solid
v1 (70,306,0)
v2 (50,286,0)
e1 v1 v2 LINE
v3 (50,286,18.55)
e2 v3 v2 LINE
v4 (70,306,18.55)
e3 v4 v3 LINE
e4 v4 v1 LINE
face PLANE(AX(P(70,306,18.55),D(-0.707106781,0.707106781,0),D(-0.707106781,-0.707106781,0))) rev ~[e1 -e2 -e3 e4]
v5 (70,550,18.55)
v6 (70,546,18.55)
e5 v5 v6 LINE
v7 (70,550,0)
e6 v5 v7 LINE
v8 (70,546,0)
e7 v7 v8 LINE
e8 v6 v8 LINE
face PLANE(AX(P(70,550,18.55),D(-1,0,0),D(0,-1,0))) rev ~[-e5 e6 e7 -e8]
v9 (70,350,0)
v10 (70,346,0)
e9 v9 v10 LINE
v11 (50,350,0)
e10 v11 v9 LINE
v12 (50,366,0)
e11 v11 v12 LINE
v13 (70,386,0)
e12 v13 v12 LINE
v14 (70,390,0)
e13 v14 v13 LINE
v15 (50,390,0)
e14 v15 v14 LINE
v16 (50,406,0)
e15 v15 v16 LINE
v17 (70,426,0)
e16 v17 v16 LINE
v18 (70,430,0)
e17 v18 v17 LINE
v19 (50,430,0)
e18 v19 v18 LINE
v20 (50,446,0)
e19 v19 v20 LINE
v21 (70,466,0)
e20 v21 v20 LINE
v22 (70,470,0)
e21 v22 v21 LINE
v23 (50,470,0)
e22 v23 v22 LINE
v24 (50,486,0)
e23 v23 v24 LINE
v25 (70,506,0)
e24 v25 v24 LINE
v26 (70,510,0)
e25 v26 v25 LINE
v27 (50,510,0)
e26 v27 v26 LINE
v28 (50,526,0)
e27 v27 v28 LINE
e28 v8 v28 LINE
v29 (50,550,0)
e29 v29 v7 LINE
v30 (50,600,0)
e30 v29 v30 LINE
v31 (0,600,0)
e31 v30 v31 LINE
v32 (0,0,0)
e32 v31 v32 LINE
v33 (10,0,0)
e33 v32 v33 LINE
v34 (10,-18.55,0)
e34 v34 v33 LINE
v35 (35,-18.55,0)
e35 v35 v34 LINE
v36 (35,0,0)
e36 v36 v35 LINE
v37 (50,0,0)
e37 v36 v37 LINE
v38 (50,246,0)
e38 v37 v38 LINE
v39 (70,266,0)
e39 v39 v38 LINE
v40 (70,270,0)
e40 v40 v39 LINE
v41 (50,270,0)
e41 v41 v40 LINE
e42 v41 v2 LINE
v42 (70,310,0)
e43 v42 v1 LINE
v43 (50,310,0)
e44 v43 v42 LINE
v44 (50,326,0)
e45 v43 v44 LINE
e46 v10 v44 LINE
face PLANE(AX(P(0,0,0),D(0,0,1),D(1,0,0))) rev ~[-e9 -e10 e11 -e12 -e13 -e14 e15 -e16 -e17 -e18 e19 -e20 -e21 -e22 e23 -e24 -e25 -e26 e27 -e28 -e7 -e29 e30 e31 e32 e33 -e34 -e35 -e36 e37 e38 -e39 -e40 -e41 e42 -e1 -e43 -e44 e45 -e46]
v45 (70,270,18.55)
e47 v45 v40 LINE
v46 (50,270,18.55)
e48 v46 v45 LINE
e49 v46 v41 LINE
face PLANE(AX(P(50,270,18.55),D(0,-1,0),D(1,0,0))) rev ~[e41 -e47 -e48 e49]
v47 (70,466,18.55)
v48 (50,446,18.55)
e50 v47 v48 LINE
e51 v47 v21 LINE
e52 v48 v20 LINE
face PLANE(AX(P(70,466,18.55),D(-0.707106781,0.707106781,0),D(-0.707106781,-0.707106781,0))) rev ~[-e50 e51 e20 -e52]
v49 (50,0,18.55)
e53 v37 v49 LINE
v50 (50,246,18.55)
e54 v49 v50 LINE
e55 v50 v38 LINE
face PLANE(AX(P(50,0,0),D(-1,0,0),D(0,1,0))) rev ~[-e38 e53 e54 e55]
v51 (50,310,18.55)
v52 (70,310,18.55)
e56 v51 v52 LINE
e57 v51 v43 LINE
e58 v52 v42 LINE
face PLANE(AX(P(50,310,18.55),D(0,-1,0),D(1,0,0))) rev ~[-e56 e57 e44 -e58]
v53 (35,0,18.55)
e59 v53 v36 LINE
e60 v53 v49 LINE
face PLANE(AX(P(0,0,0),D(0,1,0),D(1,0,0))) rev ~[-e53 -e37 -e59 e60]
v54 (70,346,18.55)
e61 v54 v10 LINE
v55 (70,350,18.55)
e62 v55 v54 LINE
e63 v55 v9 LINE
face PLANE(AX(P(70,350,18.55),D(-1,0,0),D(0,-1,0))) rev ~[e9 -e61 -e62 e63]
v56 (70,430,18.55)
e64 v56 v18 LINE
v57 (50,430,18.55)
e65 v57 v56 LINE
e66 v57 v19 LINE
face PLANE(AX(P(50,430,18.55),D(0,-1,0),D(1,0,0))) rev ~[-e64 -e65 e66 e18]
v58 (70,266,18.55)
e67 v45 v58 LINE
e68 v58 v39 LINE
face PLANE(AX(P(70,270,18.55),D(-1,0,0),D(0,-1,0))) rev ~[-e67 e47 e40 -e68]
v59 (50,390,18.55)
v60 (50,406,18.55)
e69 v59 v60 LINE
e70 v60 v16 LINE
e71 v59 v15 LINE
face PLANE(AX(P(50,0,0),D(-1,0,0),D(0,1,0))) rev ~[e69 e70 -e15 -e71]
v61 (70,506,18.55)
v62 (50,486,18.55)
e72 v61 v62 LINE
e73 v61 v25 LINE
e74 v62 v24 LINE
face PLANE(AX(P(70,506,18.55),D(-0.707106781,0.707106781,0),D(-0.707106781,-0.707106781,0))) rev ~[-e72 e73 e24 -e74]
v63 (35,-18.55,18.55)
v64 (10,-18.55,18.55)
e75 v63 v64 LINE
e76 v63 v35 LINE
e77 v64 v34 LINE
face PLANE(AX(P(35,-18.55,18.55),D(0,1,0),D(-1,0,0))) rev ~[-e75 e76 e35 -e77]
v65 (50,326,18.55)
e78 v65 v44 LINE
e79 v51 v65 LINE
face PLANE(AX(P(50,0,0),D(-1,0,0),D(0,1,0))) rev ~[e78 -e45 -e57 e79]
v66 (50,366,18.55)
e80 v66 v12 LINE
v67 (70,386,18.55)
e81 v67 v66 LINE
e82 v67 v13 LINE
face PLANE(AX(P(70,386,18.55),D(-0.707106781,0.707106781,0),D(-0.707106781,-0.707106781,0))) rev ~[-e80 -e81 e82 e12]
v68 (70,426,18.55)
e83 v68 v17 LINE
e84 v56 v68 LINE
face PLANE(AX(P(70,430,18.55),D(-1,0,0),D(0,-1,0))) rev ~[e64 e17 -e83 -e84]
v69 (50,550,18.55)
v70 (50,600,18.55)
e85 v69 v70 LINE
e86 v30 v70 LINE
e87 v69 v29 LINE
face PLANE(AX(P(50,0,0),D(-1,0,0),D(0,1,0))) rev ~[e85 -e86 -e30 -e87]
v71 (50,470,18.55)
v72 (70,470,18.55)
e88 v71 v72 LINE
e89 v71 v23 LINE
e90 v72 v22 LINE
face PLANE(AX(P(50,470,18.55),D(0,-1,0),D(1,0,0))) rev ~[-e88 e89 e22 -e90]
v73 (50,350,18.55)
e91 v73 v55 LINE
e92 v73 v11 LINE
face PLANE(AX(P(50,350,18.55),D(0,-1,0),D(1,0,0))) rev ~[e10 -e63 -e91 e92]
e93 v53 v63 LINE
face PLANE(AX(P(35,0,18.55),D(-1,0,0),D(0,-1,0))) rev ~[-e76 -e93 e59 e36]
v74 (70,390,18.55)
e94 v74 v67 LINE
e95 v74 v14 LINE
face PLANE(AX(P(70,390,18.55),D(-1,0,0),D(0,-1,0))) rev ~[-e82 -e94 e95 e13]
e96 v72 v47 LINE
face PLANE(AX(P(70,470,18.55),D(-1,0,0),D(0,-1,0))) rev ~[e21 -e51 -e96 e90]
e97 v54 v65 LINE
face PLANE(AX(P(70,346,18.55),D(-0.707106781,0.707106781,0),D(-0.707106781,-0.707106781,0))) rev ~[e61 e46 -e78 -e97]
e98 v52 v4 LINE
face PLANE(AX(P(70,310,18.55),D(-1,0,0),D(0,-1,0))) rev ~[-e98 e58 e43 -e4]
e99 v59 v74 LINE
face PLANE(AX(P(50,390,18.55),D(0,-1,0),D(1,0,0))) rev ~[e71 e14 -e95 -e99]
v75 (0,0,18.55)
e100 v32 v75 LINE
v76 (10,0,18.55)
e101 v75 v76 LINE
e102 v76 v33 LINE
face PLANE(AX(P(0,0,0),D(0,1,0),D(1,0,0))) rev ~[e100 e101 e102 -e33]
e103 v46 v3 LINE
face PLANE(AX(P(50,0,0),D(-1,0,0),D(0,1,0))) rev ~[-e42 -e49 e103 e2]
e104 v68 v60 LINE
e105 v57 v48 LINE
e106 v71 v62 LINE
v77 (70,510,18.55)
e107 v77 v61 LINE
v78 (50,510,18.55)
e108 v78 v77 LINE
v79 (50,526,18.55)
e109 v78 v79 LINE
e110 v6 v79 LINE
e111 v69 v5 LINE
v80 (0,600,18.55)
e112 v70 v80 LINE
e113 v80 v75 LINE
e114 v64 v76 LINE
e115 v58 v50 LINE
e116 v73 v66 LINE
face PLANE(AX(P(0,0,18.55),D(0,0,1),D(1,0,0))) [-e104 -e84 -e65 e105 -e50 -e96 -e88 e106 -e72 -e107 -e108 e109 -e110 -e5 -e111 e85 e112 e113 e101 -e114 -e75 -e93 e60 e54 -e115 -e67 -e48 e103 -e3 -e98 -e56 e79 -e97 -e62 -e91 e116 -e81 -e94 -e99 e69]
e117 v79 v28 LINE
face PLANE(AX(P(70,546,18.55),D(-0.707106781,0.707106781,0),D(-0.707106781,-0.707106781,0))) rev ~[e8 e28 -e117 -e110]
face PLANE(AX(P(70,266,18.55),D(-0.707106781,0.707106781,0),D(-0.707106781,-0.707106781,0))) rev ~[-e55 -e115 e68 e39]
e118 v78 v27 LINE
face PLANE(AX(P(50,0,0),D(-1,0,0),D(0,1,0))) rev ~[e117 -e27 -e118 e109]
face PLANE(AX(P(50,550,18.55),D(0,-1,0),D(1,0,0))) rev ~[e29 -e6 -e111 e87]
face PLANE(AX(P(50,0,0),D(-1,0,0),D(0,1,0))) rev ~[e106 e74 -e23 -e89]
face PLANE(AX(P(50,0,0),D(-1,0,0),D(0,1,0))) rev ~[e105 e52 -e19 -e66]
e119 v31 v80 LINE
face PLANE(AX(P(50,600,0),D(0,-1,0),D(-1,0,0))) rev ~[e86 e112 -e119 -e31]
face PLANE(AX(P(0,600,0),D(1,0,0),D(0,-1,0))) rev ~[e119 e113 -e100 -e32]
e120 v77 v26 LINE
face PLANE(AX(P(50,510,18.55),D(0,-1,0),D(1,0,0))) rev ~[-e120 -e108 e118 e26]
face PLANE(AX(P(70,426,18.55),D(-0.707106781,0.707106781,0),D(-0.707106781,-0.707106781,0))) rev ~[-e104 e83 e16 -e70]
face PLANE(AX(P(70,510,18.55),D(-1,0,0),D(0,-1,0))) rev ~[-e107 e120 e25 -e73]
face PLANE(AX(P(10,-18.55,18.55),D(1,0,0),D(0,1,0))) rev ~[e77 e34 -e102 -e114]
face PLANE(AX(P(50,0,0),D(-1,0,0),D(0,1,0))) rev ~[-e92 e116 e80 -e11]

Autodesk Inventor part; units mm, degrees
ref_plane "YZ Plane" through (0, 0, 0) normal (1, 0, 0) x (0, 1, 0)
ref_plane "XZ Plane" through (0, 0, 0) normal (0, 1, 0) x (-1, 0, 0)
ref_plane "XY Plane" through (0, 0, 0) normal (0, 0, 1) x (1, 0, 0)
sketch "Sketch1" plane through (0, 0, 0) normal (0, 0, 1) x (1, 0, 0)
  line L0 (0, 0) -> (50, 0)
  line L1 (50, 0) -> (50, 600)
  line L2 (50, 600) -> (0, 600)
  line L3 (0, 600) -> (0, 0)
  dimension "d0" = 600
  dimension "d1" = 50
extrude "Extrusion1" add sketch "Sketch1" along normal blind 18.55
sketch "Sketch2" plane through (0, 0, 18.55) normal (0, 0, 1) x (1, 0, 0)
  line L0 (50, 0) -> (50, 600) projected
  line L1 (50, 550) -> (70, 550)
  line L2 (70, 550) -> (70, 546)
  line L3 (70, 546) -> (50, 526)
  line L4 (50, 600) -> (0, 600) projected
  line L5 (0, 0) -> (50, 0) projected
  line L6 (10, 0) -> (35, 0)
  line L7 (35, 0) -> (35, -18.55)
  line L8 (35, -18.55) -> (10, -18.55)
  line L9 (10, -18.55) -> (10, 0)
  line L10 (0, 600) -> (0, 0) projected
  line L11 (50, 550) -> (50, 526)
  line L12 (50, 510) -> (70, 510)
  line L13 (70, 510) -> (70, 506)
  line L14 (70, 506) -> (50, 486)
  line L15 (50, 510) -> (50, 486)
  line L16 (50, 470) -> (70, 470)
  line L17 (70, 470) -> (70, 466)
  line L18 (70, 466) -> (50, 446)
  line L19 (50, 470) -> (50, 446)
  line L20 (50, 430) -> (70, 430)
  line L21 (70, 430) -> (70, 426)
  line L22 (70, 426) -> (50, 406)
  line L23 (50, 430) -> (50, 406)
  line L24 (50, 390) -> (70, 390)
  line L25 (70, 390) -> (70, 386)
  line L26 (70, 386) -> (50, 366)
  line L27 (50, 390) -> (50, 366)
  line L28 (50, 350) -> (70, 350)
  line L29 (70, 350) -> (70, 346)
  line L30 (70, 346) -> (50, 326)
  line L31 (50, 350) -> (50, 326)
  line L32 (50, 310) -> (70, 310)
  line L33 (70, 310) -> (70, 306)
  line L34 (70, 306) -> (50, 286)
  line L35 (50, 310) -> (50, 286)
  line L36 (50, 270) -> (70, 270)
  line L37 (70, 270) -> (70, 266)
  line L38 (70, 266) -> (50, 246)
  line L39 (50, 270) -> (50, 246)
  dimension "d4" = 50
  dimension "d5" = 4
  dimension "d6" = 20
  dimension "d7" = 45
  dimension "d15" = 15
  dimension "d16" = 25
  dimension "d17" = 10
  dimension "d18" = 18.55
  dimension "d21" = 40
extrude "Extrusion2" add sketch "Sketch2" against normal blind 18.55 contours L0 L36 L37 L38 | L7 L8 L9 L5 | L0 L32 L33 L34 | L0 L28 L29 L30 | L1 L2 L3 L0 | L0 L24 L25 L26 | L12 L13 L14 L0 | L0 L20 L21 L22 | L16 L17 L18 L0
properties part number "graduated_foot_02"
